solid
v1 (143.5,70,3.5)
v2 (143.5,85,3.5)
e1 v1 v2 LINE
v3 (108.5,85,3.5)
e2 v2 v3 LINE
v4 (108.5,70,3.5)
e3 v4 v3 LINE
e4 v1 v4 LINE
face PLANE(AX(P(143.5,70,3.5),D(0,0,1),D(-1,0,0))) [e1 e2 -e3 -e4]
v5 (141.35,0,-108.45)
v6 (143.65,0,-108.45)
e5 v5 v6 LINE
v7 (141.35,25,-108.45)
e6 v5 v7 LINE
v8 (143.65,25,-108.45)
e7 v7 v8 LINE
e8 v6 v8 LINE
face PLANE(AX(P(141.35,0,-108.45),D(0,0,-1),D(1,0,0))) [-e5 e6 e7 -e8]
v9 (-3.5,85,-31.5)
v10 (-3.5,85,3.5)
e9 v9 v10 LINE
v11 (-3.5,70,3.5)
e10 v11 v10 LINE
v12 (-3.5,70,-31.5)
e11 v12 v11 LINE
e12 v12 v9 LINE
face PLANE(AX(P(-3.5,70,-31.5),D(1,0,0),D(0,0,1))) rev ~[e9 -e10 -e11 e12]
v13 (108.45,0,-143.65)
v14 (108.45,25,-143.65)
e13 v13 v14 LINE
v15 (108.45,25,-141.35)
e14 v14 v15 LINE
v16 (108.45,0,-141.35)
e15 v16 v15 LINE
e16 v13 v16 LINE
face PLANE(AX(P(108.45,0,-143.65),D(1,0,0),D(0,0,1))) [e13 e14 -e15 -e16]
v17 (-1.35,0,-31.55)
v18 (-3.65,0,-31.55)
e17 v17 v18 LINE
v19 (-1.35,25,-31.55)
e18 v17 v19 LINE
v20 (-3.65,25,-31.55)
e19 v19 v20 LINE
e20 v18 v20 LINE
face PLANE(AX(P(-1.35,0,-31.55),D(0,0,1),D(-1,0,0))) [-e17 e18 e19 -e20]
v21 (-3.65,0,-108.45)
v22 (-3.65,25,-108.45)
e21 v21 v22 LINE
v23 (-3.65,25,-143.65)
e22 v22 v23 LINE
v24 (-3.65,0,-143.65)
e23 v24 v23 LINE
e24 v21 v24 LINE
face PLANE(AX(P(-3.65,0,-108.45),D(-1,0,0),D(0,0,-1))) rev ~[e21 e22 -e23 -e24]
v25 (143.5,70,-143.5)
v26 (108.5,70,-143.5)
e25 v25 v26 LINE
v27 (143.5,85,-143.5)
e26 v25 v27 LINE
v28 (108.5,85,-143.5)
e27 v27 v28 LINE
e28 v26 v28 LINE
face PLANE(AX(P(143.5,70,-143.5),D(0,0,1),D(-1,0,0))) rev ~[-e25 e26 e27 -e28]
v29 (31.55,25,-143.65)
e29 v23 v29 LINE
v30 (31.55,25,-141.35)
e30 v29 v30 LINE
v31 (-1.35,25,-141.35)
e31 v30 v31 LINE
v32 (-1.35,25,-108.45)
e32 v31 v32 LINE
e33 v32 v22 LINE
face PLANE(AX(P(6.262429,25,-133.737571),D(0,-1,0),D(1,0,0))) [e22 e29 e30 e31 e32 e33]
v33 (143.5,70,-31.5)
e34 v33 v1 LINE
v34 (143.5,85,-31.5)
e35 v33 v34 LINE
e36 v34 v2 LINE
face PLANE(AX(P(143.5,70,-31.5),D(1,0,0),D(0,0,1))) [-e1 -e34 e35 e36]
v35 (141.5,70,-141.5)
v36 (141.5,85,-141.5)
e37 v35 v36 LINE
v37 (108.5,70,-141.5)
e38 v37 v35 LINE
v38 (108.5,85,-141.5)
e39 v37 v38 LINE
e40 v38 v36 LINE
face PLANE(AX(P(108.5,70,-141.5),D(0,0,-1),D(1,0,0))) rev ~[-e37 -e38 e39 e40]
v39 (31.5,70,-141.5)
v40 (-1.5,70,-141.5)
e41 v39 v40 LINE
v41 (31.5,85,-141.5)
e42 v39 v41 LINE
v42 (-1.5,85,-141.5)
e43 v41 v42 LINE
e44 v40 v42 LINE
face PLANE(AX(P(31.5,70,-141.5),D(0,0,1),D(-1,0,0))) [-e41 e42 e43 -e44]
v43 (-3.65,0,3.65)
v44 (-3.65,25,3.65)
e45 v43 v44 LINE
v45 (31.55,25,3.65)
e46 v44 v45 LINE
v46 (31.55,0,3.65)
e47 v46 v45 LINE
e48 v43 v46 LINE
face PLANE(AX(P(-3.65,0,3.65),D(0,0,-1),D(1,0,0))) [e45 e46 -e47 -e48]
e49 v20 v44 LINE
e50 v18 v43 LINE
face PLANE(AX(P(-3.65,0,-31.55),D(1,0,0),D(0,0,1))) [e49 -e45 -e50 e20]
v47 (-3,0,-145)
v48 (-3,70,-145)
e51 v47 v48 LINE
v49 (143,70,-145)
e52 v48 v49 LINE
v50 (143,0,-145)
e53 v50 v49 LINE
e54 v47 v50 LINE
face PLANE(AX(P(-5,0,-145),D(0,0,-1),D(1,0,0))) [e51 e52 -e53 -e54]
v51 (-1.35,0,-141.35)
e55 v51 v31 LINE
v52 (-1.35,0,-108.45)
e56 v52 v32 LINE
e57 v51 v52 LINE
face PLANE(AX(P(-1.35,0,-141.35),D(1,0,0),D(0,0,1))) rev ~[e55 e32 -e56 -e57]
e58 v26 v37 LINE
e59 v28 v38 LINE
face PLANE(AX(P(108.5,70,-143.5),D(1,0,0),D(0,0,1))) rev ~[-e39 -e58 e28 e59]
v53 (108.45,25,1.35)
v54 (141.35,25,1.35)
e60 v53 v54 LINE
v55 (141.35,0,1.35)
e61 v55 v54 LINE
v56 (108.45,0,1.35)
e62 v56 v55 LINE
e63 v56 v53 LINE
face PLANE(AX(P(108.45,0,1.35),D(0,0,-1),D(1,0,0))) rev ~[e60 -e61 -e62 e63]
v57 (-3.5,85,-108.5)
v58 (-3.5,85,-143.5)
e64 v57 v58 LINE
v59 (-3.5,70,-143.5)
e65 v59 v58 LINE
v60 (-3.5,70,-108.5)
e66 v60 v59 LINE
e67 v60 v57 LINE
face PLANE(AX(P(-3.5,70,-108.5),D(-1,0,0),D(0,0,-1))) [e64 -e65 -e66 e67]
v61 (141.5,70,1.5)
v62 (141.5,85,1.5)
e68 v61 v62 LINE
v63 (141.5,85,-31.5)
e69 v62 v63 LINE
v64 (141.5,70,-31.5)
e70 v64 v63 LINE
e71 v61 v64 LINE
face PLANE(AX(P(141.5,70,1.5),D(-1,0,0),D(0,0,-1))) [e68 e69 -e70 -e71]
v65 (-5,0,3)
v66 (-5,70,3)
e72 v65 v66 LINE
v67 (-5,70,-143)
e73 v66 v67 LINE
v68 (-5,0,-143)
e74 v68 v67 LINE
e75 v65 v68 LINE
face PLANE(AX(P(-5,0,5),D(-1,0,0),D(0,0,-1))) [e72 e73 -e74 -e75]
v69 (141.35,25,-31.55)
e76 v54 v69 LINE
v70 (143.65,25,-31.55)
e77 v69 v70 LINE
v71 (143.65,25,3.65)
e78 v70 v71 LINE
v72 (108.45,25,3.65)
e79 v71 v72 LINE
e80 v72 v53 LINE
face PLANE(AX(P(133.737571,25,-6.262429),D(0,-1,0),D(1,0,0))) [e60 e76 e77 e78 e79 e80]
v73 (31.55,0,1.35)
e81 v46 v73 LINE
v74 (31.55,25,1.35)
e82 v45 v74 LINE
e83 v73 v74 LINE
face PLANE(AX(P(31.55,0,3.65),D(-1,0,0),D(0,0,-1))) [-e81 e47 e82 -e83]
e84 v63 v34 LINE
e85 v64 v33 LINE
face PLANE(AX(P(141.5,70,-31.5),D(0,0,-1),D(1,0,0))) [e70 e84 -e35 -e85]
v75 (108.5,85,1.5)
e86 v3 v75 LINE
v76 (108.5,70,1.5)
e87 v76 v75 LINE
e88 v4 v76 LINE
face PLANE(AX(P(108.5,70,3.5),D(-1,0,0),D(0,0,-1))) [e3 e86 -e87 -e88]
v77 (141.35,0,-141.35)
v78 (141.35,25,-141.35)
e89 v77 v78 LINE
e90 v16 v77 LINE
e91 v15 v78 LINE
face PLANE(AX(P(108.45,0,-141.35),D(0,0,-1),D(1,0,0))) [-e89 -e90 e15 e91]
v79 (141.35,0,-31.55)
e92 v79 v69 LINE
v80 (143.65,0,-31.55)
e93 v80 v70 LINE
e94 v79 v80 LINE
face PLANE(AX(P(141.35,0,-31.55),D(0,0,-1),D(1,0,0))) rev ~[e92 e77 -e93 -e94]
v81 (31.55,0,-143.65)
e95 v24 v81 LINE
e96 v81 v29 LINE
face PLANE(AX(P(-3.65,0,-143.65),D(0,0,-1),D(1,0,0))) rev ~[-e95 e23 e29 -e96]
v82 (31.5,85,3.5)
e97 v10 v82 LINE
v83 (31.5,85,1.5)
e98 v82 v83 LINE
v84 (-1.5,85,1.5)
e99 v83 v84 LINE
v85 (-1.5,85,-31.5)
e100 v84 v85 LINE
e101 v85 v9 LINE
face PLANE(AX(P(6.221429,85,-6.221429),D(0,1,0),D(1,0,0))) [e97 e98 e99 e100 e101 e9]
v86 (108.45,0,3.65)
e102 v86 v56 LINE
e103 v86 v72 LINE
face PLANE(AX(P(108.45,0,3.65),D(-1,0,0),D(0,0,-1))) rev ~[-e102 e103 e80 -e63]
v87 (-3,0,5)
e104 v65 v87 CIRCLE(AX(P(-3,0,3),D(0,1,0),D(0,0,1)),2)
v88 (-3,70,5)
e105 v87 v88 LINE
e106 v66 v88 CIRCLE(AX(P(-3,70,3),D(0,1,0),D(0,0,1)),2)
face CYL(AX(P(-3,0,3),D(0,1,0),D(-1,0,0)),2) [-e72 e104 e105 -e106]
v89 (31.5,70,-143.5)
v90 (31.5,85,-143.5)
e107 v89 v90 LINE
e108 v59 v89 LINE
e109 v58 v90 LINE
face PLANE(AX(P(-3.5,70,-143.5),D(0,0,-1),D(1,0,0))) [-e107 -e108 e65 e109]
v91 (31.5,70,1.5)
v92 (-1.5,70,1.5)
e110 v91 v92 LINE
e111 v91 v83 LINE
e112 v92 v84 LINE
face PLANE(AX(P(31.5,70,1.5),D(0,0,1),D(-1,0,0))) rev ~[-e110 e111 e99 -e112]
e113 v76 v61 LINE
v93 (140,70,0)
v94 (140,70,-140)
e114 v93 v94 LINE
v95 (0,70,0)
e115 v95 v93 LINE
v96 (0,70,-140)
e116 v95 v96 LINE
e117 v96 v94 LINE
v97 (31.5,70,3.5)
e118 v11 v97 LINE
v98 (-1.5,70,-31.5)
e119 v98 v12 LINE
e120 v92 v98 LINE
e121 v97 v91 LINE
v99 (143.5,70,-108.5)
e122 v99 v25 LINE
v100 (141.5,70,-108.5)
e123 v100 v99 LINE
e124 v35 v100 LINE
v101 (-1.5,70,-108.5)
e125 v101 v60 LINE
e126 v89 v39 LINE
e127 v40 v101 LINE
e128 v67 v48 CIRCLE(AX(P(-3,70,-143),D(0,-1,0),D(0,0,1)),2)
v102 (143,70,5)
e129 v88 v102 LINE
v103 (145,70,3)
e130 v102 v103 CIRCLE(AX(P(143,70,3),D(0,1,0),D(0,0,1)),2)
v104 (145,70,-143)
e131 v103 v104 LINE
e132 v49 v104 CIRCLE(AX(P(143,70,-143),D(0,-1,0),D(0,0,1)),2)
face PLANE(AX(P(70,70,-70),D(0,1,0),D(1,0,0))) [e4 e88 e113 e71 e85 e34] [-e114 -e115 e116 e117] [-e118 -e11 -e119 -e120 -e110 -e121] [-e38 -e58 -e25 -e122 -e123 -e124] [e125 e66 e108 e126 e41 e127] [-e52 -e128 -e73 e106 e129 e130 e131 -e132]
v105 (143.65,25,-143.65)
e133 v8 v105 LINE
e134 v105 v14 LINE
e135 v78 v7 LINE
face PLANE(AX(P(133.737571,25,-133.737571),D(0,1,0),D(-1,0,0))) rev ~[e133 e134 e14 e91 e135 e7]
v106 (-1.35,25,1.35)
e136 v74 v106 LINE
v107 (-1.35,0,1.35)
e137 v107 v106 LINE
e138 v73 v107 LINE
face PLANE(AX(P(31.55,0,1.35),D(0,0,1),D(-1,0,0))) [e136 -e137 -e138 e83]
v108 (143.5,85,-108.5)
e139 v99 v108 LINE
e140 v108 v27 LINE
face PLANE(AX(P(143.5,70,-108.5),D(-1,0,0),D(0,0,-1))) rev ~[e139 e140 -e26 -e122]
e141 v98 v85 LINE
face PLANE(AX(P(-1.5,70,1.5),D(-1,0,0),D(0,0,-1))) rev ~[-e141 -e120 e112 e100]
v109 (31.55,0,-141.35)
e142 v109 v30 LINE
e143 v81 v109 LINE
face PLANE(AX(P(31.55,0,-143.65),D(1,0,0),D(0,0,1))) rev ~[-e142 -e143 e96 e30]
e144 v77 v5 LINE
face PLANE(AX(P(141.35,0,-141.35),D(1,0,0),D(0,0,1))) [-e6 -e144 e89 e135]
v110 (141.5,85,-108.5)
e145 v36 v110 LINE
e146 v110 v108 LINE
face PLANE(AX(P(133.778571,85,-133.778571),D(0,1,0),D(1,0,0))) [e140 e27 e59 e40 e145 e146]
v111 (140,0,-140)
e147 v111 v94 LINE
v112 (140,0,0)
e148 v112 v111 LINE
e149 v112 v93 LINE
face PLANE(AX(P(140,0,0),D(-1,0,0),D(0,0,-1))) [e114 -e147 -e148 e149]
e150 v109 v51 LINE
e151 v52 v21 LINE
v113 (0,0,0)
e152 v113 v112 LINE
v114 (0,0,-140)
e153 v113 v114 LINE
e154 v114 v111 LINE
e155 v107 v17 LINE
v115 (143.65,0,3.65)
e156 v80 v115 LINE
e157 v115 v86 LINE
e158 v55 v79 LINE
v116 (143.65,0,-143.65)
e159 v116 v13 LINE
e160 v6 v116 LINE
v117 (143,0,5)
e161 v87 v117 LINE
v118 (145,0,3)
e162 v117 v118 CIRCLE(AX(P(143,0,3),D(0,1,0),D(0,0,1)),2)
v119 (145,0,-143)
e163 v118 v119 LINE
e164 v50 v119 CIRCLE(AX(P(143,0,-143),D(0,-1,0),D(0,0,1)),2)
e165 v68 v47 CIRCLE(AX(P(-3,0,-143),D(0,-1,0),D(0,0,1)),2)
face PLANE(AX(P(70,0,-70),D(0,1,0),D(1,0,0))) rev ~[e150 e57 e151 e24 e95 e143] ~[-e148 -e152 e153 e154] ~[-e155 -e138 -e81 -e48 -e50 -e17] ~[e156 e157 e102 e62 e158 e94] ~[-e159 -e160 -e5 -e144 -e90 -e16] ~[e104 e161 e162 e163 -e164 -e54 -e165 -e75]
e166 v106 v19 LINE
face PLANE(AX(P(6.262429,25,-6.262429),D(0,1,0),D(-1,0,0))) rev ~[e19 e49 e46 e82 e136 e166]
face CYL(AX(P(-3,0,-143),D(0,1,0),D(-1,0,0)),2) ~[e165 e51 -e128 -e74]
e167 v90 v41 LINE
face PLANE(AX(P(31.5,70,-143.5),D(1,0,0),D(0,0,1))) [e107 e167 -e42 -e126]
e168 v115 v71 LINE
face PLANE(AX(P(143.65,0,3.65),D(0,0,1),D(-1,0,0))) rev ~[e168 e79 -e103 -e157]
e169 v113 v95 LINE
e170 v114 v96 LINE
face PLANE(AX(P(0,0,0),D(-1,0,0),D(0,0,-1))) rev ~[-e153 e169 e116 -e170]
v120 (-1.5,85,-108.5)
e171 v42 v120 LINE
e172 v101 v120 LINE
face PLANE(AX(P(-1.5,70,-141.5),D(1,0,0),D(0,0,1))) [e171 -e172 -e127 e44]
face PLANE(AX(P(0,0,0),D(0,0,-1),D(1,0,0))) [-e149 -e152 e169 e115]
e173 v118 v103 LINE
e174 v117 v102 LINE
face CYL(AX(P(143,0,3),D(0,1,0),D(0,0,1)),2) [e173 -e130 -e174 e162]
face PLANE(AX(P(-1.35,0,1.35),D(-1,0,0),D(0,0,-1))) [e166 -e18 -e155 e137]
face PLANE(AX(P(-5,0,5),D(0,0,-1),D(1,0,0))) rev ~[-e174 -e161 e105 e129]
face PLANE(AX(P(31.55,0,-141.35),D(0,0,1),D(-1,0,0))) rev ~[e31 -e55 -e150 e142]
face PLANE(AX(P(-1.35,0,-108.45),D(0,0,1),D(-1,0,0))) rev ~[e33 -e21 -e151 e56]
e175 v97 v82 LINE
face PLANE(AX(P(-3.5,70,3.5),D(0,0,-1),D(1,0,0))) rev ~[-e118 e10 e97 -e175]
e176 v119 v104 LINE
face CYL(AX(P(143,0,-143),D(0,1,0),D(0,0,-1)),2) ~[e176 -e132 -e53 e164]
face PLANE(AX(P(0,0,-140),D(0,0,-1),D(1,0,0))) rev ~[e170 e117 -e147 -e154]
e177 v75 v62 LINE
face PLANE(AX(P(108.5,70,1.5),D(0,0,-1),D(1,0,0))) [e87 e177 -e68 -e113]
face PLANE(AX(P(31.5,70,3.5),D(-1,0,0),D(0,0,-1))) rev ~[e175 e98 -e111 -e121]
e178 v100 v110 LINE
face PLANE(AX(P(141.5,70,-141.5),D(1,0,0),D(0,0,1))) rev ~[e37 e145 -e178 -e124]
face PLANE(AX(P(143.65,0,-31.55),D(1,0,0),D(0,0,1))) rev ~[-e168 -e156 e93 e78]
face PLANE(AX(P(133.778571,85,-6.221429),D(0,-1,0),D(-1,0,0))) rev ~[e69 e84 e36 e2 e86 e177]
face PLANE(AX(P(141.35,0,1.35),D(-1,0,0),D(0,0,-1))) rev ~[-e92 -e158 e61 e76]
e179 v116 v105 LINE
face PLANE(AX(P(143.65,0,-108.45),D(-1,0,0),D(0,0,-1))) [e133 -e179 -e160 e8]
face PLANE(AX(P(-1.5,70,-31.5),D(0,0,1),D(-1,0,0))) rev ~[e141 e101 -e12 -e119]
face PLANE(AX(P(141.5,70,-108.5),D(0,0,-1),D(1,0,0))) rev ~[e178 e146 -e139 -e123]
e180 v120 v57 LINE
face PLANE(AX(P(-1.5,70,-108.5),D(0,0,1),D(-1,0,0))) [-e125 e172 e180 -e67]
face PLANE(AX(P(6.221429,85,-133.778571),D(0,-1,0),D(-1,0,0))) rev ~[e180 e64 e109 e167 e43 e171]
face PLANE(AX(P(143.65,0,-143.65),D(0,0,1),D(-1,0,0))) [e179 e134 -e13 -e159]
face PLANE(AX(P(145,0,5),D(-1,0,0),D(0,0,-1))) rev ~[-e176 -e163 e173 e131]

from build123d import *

# Parameters (mm, degrees)
SKETCH1_W           = 150
SKETCH1_H           = 150
SKETCH1_W_2         = 140
SKETCH1_H_2         = 140
BOSS_EXTRUDE1_DEPTH = 70
BOSS_EXTRUDE2_DEPTH = 15
CUT_EXTRUDE1_DEPTH  = 25
FILLET1_R           = 2


with BuildPart() as part:
    # Sketch1 → Boss-Extrude1 (new body)
    with BuildSketch(Plane(origin=(0, 0, 0), x_dir=(1, 0, 0), z_dir=(0, 1, 0))):
        with Locations((70, 70)):
            Rectangle(SKETCH1_W, SKETCH1_H)
        with Locations((70, 70)):
            Rectangle(SKETCH1_W_2, SKETCH1_H_2, mode=Mode.SUBTRACT)
    extrude(amount=BOSS_EXTRUDE1_DEPTH)

    # Sketch2 → Boss-Extrude2 (add)
    with BuildSketch(Plane(origin=(0, 70, 0), x_dir=(1, 0, 0), z_dir=(0, 1, 0))):
        Polygon((-3.5, 108.5), (-3.5, 143.5), (31.5, 143.5), (31.5, 141.5), (-1.5, 141.5), (-1.5, 108.5), align=None)
        Polygon((143.5, 108.5), (143.5, 143.5), (108.5, 143.5), (108.5, 141.5), (141.5, 141.5), (141.5, 108.5), align=None)
        Polygon((143.5, 31.5), (143.5, -3.5), (108.5, -3.5), (108.5, -1.5), (141.5, -1.5), (141.5, 31.5), align=None)
        Polygon((-3.5, 31.5), (-3.5, -3.5), (31.5, -3.5), (31.5, -1.5), (-1.5, -1.5), (-1.5, 31.5), align=None)
    extrude(amount=BOSS_EXTRUDE2_DEPTH)

    # Sketch3 → Cut-Extrude1 (cut)
    with BuildSketch(Plane.XZ):
        Polygon((-3.65, 3.65), (31.55, 3.65), (31.55, 1.35), (-1.35, 1.35), (-1.35, -31.55), (-3.65, -31.55), align=None)
        Polygon((143.65, -31.55), (143.65, 3.65), (108.45, 3.65), (108.45, 1.35), (141.35, 1.35), (141.35, -31.55), align=None)
        Polygon((143.65, -143.65), (108.45, -143.65), (108.45, -141.35), (141.35, -141.35), (141.35, -108.45), (143.65, -108.45), align=None)
        Polygon((-3.65, -108.45), (-3.65, -143.65), (31.55, -143.65), (31.55, -141.35), (-1.35, -141.35), (-1.35, -108.45), align=None)
    extrude(amount=-CUT_EXTRUDE1_DEPTH, mode=Mode.SUBTRACT)

    # Fillet1
    fillet1_edges = [part.edges().sort_by_distance(p)[0] for p in [
        (-5, 35, 5),
        (-5, 35, -145),
        (145, 35, -145),
        (145, 35, 5),
    ]]
    fillet(fillet1_edges, radius=FILLET1_R)


solid = part.part
